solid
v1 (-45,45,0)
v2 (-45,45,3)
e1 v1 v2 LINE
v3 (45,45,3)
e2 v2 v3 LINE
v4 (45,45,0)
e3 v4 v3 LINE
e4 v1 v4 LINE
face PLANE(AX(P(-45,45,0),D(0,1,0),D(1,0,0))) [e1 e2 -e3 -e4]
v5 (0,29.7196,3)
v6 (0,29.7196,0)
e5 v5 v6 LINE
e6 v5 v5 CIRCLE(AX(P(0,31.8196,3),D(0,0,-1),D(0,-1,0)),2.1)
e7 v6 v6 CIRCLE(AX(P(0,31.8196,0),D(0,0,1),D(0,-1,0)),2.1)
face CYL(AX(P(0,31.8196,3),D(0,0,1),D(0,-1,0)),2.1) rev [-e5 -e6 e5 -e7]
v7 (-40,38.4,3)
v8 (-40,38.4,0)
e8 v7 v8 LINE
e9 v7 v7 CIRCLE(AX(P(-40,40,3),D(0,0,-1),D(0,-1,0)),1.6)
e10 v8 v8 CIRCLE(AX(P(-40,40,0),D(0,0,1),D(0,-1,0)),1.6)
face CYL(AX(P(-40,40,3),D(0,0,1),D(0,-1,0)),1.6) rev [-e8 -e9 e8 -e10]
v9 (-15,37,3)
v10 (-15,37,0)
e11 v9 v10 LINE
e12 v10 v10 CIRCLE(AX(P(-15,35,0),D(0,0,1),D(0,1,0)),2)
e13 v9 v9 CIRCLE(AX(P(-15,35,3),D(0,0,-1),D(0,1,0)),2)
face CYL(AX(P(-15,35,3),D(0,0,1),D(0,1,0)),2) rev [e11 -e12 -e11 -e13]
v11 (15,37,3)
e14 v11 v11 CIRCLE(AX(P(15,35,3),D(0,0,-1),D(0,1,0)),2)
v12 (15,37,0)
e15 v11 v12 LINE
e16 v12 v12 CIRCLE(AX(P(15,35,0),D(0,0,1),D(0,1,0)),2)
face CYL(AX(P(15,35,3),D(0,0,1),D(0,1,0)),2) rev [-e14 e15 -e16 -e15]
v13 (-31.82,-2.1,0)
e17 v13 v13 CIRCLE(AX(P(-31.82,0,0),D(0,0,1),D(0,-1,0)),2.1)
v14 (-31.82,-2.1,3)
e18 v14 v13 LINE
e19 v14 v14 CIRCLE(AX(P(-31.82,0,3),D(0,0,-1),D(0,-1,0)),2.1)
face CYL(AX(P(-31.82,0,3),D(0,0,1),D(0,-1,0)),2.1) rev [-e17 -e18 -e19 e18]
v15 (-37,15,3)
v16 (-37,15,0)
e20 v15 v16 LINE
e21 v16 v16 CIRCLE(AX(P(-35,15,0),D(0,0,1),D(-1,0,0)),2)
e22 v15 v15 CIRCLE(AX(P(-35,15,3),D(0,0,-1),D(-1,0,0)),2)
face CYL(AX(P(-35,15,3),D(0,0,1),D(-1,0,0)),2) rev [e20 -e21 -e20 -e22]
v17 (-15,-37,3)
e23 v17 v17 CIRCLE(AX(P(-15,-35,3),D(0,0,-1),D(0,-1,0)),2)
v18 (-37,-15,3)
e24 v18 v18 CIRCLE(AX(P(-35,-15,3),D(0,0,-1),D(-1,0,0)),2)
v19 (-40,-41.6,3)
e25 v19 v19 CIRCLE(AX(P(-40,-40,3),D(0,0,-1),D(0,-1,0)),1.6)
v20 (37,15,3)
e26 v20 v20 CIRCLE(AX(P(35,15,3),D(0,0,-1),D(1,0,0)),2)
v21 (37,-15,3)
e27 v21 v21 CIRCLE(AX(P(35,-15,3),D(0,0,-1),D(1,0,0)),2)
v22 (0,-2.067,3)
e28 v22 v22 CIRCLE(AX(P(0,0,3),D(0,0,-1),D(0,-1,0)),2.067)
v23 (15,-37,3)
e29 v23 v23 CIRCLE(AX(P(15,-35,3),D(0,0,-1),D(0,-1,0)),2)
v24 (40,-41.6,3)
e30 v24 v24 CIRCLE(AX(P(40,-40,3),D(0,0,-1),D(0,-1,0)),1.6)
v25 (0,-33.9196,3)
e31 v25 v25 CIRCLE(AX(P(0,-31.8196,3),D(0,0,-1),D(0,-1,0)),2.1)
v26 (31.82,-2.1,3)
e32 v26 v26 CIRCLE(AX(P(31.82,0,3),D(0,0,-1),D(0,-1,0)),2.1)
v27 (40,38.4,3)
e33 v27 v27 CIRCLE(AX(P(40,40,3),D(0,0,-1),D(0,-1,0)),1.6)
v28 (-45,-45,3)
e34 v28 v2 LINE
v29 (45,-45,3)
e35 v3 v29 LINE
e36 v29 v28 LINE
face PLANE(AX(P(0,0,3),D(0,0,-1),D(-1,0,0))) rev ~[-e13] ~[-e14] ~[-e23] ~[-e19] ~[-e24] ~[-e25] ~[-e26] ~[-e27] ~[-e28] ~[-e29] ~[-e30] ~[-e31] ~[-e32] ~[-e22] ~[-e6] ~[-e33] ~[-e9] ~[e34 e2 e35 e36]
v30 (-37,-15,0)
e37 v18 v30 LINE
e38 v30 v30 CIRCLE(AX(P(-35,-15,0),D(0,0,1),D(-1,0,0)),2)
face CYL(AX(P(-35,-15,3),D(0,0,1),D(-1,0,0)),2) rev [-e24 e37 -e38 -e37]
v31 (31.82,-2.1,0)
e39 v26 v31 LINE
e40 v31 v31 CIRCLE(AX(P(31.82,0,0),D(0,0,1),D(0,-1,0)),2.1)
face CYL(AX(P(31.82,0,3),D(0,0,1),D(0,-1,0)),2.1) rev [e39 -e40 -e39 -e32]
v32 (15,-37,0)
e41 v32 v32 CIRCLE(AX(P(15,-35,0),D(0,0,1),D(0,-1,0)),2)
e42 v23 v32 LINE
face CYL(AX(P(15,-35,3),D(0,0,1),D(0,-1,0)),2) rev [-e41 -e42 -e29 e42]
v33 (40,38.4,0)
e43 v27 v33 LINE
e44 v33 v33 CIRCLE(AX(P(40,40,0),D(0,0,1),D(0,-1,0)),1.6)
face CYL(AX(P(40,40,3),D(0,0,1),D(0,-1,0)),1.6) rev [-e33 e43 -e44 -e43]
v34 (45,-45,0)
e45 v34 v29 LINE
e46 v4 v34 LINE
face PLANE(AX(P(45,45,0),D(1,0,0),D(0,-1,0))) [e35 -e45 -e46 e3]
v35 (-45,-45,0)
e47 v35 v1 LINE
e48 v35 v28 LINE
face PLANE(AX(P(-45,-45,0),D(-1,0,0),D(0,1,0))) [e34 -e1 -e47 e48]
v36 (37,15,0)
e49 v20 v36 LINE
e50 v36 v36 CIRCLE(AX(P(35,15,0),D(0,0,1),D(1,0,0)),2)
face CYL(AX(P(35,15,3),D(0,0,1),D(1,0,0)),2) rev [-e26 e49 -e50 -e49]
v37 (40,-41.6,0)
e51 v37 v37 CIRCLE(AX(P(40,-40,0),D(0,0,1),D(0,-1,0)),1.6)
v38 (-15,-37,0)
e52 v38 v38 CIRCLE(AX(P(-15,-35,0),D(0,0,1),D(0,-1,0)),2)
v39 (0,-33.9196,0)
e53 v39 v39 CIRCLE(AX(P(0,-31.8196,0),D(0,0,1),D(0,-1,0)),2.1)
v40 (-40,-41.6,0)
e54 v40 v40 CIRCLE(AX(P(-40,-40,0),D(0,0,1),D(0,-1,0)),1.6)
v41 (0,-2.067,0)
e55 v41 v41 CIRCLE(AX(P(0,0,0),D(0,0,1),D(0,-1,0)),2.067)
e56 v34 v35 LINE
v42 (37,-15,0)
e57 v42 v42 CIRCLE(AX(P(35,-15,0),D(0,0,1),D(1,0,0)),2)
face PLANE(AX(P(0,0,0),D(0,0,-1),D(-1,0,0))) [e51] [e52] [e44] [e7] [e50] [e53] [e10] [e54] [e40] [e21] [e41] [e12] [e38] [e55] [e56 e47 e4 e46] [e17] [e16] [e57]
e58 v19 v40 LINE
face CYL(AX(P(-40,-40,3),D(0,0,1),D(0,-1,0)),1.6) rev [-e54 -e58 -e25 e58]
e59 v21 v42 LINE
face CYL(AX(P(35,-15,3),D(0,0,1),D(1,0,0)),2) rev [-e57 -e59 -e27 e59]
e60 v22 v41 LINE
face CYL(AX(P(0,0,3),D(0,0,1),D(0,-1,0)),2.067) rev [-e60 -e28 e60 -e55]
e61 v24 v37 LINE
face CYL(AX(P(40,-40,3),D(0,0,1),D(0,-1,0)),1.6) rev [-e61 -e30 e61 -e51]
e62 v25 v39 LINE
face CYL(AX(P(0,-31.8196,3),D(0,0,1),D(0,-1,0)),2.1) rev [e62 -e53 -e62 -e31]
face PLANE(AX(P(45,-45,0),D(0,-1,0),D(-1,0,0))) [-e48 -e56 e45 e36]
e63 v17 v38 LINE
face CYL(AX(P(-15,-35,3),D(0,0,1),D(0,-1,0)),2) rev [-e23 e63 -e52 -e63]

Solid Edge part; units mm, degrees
sketch "Sketch1" plane through (0, 0, 0) normal (0, 0, 1) x (1, 0, 0)
  line L0 (45, -45) -> (-45, -45)
  line L1 (-45, -45) -> (-45, 45)
  line L2 (-45, 45) -> (45, 45)
  line L3 (45, 45) -> (45, -45)
  dimension "D1" = 90
  dimension "D2" = 90
extrude "Protrusion1" add sketch "Sketch1" along normal blind 3
hole "Hole_3" at (-40, 40, 3) direction (0, 0, -1) diameter 3.2 end through all
hole "Hole1" at (-40, -40, 3) direction (0, 0, -1) diameter 3.2 end through all
hole "Hole2" at (40, -40, 3) direction (0, 0, -1) diameter 3.2 end through all
hole "Hole3" at (40, 40, 3) direction (0, 0, -1) diameter 3.2 end through all
hole "Hole4" at (-31.82, 0, 3) direction (0, 0, -1) diameter 4.2 end through all
hole "Hole5" at (0, 31.8196, 3) direction (0, 0, -1) diameter 4.2 end through all
hole "Hole6" at (31.82, 0, 3) direction (0, 0, -1) diameter 4.2 end through all
hole "Hole7" at (0, -31.8196, 3) direction (0, 0, -1) diameter 4.2 end through all
hole "Hole_11" at (0, 0, 3) direction (0, 0, -1) diameter 4.134 end up to next thread major 5 thread length 2
hole "Hole_16" at (-15, -35, 3) direction (0, 0, -1) diameter 4 end up to next
hole "Hole8" at (15, -35, 3) direction (0, 0, -1) diameter 4 end up to next
pattern_circular "Pattern2" count 4 over 360 about axis through (0, 0, 3) along (0, 0, -1) of "Hole_16", "Hole8"
properties material "アルミニウム, 5050"
